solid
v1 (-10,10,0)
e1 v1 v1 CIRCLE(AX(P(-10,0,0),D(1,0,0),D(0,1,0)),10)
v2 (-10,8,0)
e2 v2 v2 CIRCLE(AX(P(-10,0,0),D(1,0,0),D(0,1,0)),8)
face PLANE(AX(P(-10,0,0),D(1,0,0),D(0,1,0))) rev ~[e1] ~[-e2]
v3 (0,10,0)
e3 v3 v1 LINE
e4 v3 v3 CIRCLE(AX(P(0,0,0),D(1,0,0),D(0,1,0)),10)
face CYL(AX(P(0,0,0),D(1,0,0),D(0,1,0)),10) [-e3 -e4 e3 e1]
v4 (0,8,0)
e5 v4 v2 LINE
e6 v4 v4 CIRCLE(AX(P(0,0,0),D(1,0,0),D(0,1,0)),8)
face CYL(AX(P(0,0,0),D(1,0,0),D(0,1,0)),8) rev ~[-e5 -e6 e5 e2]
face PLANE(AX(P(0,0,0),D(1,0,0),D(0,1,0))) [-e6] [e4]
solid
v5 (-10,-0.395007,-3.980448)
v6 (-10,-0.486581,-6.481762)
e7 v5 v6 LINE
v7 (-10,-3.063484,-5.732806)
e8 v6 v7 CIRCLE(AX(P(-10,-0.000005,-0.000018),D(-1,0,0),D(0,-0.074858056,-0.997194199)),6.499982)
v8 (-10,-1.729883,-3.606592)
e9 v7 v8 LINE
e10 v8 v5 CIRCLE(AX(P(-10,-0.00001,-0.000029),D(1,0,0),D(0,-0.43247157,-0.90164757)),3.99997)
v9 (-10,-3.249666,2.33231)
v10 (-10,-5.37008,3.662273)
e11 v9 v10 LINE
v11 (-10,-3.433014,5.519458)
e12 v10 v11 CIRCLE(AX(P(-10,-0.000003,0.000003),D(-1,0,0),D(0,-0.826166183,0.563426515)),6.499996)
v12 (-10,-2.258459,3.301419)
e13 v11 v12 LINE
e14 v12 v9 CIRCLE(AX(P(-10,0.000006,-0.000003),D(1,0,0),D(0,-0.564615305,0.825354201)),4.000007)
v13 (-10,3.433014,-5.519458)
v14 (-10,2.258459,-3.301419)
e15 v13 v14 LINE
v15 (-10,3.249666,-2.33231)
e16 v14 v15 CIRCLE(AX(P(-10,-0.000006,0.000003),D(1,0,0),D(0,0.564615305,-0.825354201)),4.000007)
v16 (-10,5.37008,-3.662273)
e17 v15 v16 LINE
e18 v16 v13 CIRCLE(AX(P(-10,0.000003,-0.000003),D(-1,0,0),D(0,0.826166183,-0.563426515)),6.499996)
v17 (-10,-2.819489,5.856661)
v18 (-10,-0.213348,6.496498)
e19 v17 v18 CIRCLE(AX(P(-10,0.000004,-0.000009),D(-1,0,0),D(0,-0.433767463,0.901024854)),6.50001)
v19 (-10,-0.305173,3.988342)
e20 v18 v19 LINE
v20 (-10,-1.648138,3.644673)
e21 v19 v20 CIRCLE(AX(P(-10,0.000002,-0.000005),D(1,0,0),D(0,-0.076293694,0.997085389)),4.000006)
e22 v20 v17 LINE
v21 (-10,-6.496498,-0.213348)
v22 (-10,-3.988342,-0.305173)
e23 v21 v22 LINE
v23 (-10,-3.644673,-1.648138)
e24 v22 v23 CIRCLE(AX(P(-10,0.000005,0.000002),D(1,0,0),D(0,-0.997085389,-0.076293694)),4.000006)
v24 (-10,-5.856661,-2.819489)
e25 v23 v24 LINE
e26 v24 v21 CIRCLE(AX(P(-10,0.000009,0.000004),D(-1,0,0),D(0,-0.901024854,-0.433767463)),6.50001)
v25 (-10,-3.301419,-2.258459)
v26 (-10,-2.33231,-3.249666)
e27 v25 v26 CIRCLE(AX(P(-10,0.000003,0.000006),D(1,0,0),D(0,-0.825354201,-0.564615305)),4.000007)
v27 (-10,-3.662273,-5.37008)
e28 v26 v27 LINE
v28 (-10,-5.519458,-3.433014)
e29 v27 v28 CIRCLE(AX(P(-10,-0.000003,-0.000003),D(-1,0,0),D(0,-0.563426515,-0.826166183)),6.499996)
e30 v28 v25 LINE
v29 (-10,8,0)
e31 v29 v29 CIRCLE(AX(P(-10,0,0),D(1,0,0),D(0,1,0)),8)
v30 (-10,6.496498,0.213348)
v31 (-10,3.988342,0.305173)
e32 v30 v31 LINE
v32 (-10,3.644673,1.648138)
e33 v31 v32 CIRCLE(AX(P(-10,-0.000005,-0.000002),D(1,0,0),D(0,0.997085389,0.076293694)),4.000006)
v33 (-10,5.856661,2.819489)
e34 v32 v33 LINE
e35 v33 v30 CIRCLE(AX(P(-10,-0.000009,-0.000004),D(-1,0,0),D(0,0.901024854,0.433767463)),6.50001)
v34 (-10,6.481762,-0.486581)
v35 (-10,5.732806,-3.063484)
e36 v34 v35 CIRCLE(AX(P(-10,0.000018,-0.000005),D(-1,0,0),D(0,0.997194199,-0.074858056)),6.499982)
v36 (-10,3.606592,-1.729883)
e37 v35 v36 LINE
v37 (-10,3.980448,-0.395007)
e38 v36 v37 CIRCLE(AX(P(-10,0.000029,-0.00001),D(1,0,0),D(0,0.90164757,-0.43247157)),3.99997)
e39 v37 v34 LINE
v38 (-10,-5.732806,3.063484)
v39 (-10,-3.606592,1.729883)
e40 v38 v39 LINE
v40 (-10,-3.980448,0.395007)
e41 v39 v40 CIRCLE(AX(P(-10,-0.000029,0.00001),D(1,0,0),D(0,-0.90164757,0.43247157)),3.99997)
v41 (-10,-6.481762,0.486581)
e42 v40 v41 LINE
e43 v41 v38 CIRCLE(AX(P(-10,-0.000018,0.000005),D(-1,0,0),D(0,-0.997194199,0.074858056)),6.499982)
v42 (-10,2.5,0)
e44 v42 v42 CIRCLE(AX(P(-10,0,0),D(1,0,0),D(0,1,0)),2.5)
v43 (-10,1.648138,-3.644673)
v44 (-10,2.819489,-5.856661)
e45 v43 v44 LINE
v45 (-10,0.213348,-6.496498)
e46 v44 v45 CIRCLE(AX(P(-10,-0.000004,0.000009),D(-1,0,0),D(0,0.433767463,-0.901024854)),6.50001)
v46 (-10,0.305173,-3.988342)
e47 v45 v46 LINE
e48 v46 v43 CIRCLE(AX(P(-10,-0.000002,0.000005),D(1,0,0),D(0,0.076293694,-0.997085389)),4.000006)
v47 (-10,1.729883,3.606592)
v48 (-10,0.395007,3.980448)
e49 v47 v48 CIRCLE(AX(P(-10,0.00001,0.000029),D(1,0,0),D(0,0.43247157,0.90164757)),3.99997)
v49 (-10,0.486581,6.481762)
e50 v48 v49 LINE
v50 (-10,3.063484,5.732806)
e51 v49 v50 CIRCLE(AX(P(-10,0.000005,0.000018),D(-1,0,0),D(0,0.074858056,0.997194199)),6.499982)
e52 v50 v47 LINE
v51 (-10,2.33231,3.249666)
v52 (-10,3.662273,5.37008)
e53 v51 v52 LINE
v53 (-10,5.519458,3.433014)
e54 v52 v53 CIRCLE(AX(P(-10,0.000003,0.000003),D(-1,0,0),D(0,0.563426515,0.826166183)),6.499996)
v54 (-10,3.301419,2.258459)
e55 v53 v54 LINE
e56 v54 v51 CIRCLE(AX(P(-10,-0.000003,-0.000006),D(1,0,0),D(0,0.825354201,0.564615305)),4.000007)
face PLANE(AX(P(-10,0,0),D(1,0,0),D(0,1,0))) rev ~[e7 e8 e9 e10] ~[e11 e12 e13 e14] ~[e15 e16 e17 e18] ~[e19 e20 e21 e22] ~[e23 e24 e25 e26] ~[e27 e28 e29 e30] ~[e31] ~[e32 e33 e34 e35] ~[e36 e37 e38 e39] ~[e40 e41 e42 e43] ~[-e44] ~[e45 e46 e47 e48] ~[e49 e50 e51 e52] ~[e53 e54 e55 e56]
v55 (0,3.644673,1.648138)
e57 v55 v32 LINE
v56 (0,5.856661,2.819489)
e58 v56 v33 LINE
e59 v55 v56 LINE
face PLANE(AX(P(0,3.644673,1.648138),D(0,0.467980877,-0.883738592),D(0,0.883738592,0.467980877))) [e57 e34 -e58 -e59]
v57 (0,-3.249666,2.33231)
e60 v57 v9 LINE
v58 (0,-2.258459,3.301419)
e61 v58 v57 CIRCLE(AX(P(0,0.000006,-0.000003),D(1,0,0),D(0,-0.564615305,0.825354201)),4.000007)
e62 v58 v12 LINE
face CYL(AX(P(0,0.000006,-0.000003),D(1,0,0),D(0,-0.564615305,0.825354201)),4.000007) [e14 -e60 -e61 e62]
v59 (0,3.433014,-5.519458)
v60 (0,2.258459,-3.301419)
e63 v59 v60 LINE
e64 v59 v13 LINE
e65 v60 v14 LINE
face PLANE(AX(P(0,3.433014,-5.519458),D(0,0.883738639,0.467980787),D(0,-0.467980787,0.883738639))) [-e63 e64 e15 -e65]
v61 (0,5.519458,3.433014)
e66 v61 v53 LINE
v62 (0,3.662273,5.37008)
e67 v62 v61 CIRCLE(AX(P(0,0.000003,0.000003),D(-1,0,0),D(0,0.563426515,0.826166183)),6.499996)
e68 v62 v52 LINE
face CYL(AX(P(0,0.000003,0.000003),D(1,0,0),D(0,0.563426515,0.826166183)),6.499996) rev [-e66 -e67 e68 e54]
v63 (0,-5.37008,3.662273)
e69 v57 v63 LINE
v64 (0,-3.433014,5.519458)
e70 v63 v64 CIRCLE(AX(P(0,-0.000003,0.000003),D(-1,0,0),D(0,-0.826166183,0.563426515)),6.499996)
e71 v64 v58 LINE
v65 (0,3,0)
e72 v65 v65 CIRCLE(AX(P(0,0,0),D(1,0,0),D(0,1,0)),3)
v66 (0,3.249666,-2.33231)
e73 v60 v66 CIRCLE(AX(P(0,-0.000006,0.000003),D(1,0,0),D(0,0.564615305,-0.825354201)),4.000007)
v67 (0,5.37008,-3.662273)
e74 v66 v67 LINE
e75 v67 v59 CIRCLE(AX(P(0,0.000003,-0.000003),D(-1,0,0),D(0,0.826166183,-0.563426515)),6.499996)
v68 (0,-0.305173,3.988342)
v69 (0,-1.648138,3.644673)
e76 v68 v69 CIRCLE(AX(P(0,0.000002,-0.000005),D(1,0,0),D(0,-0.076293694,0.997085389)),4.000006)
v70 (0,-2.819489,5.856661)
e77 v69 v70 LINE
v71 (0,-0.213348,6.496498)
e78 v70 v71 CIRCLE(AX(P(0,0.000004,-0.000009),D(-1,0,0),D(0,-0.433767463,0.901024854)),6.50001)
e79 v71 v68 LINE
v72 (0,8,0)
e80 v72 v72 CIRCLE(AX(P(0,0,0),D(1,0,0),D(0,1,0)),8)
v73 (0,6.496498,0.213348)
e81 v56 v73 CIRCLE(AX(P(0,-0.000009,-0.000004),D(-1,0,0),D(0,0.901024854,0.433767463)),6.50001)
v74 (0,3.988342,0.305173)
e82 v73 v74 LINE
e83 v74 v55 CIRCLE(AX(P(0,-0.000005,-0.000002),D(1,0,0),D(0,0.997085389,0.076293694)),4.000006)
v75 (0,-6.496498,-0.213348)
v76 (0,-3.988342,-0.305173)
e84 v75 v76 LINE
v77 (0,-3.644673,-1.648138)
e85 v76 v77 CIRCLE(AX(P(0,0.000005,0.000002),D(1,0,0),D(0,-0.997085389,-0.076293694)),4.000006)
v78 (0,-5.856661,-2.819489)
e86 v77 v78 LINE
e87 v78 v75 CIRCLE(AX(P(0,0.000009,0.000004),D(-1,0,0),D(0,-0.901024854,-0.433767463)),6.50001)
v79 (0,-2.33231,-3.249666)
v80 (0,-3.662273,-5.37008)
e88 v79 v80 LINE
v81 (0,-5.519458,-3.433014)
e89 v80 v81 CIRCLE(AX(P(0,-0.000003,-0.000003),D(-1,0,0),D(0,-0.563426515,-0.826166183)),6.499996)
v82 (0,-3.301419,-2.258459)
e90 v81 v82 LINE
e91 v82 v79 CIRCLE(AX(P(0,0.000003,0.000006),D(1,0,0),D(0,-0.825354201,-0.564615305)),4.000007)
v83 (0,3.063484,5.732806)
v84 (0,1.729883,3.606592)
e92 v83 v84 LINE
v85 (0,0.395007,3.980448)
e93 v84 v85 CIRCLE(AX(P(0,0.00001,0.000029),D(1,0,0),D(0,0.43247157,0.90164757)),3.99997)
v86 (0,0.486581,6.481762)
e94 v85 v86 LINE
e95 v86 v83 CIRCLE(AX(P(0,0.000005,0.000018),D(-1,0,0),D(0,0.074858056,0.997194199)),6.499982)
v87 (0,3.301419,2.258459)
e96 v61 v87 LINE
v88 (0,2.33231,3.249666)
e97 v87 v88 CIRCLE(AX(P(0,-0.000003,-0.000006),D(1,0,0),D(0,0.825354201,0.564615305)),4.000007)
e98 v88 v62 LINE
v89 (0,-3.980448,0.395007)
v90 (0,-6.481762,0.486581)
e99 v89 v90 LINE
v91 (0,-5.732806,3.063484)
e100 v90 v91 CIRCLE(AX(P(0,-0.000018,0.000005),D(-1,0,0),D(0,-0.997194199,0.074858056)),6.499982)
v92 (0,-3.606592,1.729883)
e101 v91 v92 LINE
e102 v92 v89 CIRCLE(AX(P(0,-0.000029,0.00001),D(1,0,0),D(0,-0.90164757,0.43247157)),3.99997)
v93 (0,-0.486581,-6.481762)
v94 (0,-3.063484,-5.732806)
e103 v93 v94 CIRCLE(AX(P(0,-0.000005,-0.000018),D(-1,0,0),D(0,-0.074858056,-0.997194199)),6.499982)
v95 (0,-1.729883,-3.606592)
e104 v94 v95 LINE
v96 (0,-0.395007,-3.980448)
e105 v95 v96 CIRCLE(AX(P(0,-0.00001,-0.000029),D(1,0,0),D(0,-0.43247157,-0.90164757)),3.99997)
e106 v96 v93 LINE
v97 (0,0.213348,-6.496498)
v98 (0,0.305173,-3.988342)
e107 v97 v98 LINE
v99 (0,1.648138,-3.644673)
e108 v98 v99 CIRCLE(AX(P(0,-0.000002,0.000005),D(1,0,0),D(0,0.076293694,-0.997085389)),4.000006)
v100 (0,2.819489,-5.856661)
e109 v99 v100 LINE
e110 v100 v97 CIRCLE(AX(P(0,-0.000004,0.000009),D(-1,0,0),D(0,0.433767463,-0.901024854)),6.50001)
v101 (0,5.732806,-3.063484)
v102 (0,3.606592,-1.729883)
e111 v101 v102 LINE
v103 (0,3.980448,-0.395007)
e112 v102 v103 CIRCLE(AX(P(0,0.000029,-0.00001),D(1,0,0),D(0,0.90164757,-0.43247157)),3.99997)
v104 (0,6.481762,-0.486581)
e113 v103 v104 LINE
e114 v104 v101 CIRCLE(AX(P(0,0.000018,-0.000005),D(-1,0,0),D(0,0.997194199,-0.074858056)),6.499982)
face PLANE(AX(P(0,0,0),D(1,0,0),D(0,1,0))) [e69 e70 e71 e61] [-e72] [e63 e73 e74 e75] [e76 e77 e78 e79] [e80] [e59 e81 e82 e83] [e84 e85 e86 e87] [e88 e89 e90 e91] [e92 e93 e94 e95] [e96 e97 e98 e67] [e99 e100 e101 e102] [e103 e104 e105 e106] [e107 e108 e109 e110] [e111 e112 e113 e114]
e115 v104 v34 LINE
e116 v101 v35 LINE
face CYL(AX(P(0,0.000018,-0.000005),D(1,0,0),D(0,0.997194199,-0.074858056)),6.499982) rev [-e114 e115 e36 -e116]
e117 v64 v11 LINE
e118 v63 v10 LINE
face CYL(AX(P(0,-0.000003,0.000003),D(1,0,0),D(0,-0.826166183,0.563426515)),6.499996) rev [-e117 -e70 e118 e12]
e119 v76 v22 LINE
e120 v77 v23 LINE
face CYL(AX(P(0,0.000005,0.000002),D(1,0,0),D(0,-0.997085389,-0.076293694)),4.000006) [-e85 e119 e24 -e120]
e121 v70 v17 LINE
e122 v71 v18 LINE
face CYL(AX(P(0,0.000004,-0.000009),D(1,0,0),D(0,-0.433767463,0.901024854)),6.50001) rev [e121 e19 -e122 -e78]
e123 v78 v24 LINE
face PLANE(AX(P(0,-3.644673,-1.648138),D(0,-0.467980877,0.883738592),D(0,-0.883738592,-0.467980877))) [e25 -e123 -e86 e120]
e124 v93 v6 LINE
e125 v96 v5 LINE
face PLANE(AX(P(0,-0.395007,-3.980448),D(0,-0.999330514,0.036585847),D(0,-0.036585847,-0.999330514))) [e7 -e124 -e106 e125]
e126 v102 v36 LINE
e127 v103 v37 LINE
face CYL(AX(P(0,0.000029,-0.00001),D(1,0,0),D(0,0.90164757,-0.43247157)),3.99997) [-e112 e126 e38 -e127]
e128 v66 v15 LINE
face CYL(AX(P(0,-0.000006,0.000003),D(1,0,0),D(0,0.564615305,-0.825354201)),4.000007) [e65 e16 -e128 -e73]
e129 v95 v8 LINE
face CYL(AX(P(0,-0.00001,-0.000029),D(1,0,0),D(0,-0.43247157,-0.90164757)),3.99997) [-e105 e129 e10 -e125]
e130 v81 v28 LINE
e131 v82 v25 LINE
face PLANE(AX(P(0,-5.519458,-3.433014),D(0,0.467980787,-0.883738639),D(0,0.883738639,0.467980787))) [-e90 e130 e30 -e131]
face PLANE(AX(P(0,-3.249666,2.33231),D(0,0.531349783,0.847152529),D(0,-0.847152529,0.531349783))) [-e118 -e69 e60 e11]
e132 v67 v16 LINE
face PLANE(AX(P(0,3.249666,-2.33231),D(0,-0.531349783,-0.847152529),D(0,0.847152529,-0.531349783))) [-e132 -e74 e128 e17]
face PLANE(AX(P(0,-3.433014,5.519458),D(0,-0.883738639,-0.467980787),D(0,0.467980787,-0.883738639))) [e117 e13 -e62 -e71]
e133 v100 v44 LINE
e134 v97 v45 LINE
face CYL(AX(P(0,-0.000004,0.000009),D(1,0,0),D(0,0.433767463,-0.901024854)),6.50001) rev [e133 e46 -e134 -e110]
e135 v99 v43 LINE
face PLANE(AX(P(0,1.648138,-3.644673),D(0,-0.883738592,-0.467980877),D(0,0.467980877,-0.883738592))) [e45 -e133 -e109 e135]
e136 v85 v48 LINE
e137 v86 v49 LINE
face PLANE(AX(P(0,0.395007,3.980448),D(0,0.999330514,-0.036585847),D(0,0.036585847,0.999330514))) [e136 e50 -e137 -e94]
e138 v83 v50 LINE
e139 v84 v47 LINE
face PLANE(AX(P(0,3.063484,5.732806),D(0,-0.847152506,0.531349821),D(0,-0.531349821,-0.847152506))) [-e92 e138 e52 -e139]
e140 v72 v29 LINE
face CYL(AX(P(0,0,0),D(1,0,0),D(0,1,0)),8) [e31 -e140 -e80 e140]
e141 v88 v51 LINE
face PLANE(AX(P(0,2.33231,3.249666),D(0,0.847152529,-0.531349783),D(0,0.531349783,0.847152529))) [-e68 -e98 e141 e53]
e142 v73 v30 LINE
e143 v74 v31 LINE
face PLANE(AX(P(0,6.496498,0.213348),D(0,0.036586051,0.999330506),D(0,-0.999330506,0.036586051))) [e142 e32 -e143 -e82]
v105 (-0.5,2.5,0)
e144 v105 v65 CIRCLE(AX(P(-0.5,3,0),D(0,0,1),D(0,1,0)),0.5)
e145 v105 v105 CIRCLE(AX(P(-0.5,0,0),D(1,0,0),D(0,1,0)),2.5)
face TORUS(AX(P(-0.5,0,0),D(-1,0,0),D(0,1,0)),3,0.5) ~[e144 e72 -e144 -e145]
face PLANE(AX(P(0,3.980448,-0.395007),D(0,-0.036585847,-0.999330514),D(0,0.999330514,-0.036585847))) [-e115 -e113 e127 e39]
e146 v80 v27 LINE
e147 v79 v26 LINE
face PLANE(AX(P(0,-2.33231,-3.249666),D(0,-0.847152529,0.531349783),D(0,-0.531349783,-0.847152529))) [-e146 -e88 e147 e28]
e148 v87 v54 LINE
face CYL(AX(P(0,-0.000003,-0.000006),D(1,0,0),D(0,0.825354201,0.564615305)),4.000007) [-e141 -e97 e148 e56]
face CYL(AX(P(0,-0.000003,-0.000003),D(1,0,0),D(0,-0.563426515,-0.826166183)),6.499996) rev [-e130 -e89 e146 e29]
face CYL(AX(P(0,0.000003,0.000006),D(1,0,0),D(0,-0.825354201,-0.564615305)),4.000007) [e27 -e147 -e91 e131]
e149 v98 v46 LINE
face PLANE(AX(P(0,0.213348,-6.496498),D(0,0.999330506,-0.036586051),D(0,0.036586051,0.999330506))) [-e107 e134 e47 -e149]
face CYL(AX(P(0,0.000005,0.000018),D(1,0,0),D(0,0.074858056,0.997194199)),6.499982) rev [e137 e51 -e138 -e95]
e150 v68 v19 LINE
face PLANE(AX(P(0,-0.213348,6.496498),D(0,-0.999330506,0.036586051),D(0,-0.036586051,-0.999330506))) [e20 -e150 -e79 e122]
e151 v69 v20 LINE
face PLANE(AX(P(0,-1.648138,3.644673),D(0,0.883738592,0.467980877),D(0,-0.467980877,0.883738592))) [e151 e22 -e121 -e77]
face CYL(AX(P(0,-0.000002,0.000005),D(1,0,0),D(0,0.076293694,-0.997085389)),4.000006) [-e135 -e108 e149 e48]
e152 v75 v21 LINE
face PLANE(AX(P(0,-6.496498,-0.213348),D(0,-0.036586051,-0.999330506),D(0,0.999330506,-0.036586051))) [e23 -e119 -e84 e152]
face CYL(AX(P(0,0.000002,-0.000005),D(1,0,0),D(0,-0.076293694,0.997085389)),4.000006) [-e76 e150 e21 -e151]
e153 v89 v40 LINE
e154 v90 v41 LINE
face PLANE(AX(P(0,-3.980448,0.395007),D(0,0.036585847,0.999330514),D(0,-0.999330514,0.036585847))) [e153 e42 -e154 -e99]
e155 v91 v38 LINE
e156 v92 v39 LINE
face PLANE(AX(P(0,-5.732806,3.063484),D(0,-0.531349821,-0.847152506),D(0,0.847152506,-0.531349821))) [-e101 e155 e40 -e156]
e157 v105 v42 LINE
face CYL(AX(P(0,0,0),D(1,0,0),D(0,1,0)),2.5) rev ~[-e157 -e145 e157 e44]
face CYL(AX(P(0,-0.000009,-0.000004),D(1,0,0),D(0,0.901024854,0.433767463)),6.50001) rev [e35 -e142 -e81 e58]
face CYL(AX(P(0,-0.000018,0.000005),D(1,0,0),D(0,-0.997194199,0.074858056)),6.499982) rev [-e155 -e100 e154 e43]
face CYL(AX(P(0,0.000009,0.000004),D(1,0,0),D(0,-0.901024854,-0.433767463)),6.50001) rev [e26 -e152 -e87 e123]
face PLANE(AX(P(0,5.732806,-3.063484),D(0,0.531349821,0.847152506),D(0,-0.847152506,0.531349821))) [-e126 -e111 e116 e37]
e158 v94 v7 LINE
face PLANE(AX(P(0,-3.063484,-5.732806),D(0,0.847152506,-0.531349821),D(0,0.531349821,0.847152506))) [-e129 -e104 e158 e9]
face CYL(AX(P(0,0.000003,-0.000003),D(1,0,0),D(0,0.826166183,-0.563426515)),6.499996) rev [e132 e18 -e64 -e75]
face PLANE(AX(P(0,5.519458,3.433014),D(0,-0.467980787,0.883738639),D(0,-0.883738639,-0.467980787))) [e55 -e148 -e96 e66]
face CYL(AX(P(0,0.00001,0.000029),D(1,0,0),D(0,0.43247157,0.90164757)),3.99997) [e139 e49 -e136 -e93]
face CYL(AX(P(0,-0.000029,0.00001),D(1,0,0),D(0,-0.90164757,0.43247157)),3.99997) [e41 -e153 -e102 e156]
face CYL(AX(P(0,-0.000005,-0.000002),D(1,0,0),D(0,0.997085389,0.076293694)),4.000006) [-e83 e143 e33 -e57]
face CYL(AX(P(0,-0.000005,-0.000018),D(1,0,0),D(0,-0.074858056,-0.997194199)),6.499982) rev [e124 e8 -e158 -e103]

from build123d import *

# Parameters (mm, degrees)
F0_R     = 10
F0_R_2   = 8
F1_DEPTH = 10
F0_R_3   = 2.5
F2_DEPTH = 10
F3_R     = 0.5


with BuildPart() as f1:
    # F0 (on Right) → F1 (new body)
    with BuildSketch(Plane.YZ):
        Circle(F0_R)
        Circle(F0_R_2, mode=Mode.SUBTRACT)
    extrude(amount=-F1_DEPTH)


with BuildPart() as f2:
    # F0 (on Right) → F2 (new body)
    with BuildSketch(Plane.YZ):
        Circle(F0_R_2)
        with BuildLine():
            ThreePointArc((-0.486581, -6.481762), (-1.814104, -6.241717), (-3.063484, -5.732806))
            Line((-3.063484, -5.732806), (-1.729883, -3.606592))
            ThreePointArc((-1.729883, -3.606592), (-1.078764, -3.851788), (-0.395007, -3.980448))
            Line((-0.395007, -3.980448), (-0.486581, -6.481762))
        make_face(mode=Mode.SUBTRACT)
        with BuildLine():
            ThreePointArc((-5.856661, -2.819489), (-6.312537, -1.549798), (-6.496498, -0.213348))
            Line((-6.496498, -0.213348), (-3.988342, -0.305173))
            ThreePointArc((-3.988342, -0.305173), (-3.875128, -0.991657), (-3.644673, -1.648138))
            Line((-3.644673, -1.648138), (-5.856661, -2.819489))
        make_face(mode=Mode.SUBTRACT)
        with BuildLine():
            ThreePointArc((-3.662273, -5.37008), (-4.691919, -4.498433), (-5.519458, -3.433014))
            Line((-5.519458, -3.433014), (-3.301419, -2.258459))
            ThreePointArc((-3.301419, -2.258459), (-2.860131, -2.796364), (-2.33231, -3.249666))
            Line((-2.33231, -3.249666), (-3.662273, -5.37008))
        make_face(mode=Mode.SUBTRACT)
        with BuildLine():
            ThreePointArc((2.819489, -5.856661), (1.549798, -6.312537), (0.213348, -6.496498))
            Line((0.213348, -6.496498), (0.305173, -3.988342))
            ThreePointArc((0.305173, -3.988342), (0.991657, -3.875128), (1.648138, -3.644673))
            Line((1.648138, -3.644673), (2.819489, -5.856661))
        make_face(mode=Mode.SUBTRACT)
        with BuildLine():
            ThreePointArc((5.37008, -3.662273), (4.498433, -4.691919), (3.433014, -5.519458))
            Line((3.433014, -5.519458), (2.258459, -3.301419))
            ThreePointArc((2.258459, -3.301419), (2.796364, -2.860131), (3.249666, -2.33231))
            Line((3.249666, -2.33231), (5.37008, -3.662273))
        make_face(mode=Mode.SUBTRACT)
        with BuildLine():
            ThreePointArc((6.481762, -0.486581), (6.241717, -1.814104), (5.732806, -3.063484))
            Line((5.732806, -3.063484), (3.606592, -1.729883))
            ThreePointArc((3.606592, -1.729883), (3.851788, -1.078764), (3.980448, -0.395007))
            Line((3.980448, -0.395007), (6.481762, -0.486581))
        make_face(mode=Mode.SUBTRACT)
        with BuildLine():
            ThreePointArc((-6.481762, 0.486581), (-6.241717, 1.814104), (-5.732806, 3.063484))
            Line((-5.732806, 3.063484), (-3.606592, 1.729883))
            ThreePointArc((-3.606592, 1.729883), (-3.851788, 1.078764), (-3.980448, 0.395007))
            Line((-3.980448, 0.395007), (-6.481762, 0.486581))
        make_face(mode=Mode.SUBTRACT)
        with BuildLine():
            ThreePointArc((-5.37008, 3.662273), (-4.498433, 4.691919), (-3.433014, 5.519458))
            Line((-3.433014, 5.519458), (-2.258459, 3.301419))
            ThreePointArc((-2.258459, 3.301419), (-2.796364, 2.860131), (-3.249666, 2.33231))
            Line((-3.249666, 2.33231), (-5.37008, 3.662273))
        make_face(mode=Mode.SUBTRACT)
        with BuildLine():
            ThreePointArc((-2.819489, 5.856661), (-1.549798, 6.312537), (-0.213348, 6.496498))
            Line((-0.213348, 6.496498), (-0.305173, 3.988342))
            ThreePointArc((-0.305173, 3.988342), (-0.991657, 3.875128), (-1.648138, 3.644673))
            Line((-1.648138, 3.644673), (-2.819489, 5.856661))
        make_face(mode=Mode.SUBTRACT)
        Circle(F0_R_3, mode=Mode.SUBTRACT)
        with BuildLine():
            ThreePointArc((3.662273, 5.37008), (4.691919, 4.498433), (5.519458, 3.433014))
            Line((5.519458, 3.433014), (3.301419, 2.258459))
            ThreePointArc((3.301419, 2.258459), (2.860131, 2.796364), (2.33231, 3.249666))
            Line((2.33231, 3.249666), (3.662273, 5.37008))
        make_face(mode=Mode.SUBTRACT)
        with BuildLine():
            ThreePointArc((5.856661, 2.819489), (6.312537, 1.549798), (6.496498, 0.213348))
            Line((6.496498, 0.213348), (3.988342, 0.305173))
            ThreePointArc((3.988342, 0.305173), (3.875128, 0.991657), (3.644673, 1.648138))
            Line((3.644673, 1.648138), (5.856661, 2.819489))
        make_face(mode=Mode.SUBTRACT)
        with BuildLine():
            Line((0.395007, 3.980448), (0.486581, 6.481762))
            ThreePointArc((0.486581, 6.481762), (1.814104, 6.241717), (3.063484, 5.732806))
            Line((3.063484, 5.732806), (1.729883, 3.606592))
            ThreePointArc((1.729883, 3.606592), (1.078764, 3.851788), (0.395007, 3.980448))
        make_face(mode=Mode.SUBTRACT)
    extrude(amount=-F2_DEPTH)

    # F3
    f3_edges = [f2.edges().sort_by_distance(p)[0] for p in [
        (0, -2.5, 0),
    ]]
    fillet(f3_edges, radius=F3_R)


solid = Compound([f1.part, f2.part])
